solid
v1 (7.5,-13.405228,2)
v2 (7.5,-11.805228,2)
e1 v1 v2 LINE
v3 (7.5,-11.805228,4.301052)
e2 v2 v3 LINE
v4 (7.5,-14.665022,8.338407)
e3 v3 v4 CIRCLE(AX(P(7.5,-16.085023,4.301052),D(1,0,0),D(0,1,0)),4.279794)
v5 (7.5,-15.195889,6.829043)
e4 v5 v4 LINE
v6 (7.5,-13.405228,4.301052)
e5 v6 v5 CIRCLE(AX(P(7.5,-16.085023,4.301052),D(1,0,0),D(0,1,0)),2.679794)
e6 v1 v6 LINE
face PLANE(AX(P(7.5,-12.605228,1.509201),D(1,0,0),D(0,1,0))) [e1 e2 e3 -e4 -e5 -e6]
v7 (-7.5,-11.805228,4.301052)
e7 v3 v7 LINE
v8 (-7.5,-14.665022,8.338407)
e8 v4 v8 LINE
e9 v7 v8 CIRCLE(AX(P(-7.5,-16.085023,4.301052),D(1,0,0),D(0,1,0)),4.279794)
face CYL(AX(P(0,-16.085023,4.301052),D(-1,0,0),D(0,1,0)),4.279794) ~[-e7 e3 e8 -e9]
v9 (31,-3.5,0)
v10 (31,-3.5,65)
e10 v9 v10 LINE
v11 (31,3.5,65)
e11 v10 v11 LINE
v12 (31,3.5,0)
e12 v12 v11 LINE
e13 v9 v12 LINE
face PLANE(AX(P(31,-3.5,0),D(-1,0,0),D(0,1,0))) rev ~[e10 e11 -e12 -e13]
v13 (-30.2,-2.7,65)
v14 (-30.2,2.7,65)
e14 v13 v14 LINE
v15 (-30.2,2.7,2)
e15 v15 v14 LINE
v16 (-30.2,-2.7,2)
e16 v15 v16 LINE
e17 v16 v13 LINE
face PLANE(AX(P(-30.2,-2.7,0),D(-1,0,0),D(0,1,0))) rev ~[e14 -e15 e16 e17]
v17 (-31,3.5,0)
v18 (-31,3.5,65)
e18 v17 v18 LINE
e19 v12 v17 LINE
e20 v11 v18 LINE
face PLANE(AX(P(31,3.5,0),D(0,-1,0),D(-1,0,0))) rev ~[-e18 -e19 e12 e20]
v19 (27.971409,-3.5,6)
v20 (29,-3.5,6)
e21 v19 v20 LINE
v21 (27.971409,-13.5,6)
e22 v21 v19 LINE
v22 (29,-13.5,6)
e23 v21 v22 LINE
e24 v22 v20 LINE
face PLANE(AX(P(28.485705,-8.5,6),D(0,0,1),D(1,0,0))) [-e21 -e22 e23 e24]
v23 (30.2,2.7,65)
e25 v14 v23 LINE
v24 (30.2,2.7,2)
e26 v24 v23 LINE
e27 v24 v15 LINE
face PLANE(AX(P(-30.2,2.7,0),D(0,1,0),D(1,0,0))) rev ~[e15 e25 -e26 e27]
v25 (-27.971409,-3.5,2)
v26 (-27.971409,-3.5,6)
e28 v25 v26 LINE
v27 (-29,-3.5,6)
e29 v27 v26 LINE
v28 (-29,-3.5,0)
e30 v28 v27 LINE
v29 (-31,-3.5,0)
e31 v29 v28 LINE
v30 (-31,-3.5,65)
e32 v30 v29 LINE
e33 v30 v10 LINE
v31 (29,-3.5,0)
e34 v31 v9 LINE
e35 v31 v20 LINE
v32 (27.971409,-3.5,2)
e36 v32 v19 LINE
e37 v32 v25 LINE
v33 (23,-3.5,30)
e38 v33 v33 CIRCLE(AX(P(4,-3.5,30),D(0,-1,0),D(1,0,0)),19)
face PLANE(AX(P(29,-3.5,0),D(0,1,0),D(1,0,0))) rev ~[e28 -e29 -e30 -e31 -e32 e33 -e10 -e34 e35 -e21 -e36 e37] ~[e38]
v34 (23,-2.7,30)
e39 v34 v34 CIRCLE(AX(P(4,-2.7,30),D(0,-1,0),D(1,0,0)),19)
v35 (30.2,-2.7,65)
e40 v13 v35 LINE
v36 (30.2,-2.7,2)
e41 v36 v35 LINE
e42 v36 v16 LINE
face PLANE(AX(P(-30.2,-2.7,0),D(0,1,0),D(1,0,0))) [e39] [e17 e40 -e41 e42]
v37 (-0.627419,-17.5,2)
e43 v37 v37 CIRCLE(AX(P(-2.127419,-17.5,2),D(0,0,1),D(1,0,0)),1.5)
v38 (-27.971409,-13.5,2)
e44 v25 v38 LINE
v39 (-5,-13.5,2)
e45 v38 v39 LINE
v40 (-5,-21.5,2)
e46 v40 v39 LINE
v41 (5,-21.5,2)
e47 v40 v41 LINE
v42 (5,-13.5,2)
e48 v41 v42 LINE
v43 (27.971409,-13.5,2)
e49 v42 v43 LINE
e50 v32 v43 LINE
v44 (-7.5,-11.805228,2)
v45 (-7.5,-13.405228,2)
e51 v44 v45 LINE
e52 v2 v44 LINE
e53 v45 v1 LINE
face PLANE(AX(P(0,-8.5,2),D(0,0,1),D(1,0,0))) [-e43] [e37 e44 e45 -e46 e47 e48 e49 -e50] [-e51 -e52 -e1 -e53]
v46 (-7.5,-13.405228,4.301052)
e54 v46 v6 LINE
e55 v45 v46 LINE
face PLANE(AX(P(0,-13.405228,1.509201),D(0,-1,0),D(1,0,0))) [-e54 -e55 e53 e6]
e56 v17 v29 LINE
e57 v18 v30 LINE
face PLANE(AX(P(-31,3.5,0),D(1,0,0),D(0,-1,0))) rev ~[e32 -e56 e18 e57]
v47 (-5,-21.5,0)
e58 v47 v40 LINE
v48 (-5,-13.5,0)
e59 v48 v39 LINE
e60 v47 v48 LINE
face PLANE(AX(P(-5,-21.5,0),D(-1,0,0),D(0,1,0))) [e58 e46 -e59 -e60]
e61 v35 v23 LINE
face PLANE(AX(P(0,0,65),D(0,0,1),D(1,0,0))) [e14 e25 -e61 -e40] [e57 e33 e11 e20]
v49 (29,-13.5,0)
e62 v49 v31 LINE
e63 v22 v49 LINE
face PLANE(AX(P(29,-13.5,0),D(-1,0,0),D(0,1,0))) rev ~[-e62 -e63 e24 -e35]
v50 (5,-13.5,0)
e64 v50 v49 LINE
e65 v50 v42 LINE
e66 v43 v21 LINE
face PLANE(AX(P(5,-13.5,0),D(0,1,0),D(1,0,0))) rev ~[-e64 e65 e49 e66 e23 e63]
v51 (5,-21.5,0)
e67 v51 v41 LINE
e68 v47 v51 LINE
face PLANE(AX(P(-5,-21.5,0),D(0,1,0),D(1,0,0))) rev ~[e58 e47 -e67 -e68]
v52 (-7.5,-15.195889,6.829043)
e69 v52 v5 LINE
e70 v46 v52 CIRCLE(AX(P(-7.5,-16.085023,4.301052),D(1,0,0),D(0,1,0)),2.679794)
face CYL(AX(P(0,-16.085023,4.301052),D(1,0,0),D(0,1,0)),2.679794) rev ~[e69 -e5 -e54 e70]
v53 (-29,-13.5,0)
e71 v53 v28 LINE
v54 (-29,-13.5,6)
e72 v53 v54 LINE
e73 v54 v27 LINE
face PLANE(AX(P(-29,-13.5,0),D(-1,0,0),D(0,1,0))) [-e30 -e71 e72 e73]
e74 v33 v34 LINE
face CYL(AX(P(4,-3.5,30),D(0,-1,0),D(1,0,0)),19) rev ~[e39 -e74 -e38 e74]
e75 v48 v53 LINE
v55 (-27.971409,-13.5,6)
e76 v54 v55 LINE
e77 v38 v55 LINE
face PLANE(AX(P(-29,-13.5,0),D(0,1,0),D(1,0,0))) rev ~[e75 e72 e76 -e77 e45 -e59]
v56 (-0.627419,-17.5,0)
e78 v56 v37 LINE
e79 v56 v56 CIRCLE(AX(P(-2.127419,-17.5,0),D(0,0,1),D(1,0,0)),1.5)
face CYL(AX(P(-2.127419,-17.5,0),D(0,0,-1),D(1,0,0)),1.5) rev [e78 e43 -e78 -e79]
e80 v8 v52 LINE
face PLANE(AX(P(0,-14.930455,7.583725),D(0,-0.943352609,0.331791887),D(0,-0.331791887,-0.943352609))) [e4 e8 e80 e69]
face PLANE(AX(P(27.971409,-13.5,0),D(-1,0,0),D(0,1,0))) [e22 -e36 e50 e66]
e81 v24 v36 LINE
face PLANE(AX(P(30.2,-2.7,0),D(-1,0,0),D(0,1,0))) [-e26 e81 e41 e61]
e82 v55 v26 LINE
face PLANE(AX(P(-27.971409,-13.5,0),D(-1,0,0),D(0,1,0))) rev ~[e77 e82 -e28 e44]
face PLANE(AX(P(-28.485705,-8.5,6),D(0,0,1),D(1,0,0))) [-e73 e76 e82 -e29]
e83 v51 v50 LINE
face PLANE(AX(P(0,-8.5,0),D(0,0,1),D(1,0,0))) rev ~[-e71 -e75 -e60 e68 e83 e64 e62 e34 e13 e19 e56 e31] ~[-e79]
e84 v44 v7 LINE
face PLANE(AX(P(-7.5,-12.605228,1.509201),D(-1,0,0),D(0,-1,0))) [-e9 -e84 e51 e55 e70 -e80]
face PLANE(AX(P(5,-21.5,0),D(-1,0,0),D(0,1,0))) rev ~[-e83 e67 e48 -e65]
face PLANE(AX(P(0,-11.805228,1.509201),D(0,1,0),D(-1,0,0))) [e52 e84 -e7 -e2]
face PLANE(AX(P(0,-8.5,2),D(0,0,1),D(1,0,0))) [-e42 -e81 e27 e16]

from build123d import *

# Parameters (mm, degrees)
F0_W     = 60.4
F0_H     = 5.4
F0_W_2   = 10
F0_H_2   = 8
F0_R     = 1.5
F0_W_3   = 1.0285907388
F0_H_3   = 10
F1_DEPTH = 2
F2_DEPTH = 65
F3_R     = 19
F4_DEPTH = 2
F5_DEPTH = 6
F6_W     = 15
F6_H     = 1.6


with BuildPart() as f1:
    # F0 (on Top) → F1 (new body)
    with BuildSketch(Plane.XY):
        Polygon((27.9714092612, -13.5), (27.9714092612, -3.5), (-27.9714092612, -3.5), (-27.9714092612, -13.5), (-5, -13.5), (5, -13.5), align=None)
        Polygon((29, -3.5), (31, -3.5), (31, 3.5), (-31, 3.5), (-31, -3.5), (-29, -3.5), (-27.9714092612, -3.5), (27.9714092612, -3.5), align=None)
        Rectangle(F0_W, F0_H, mode=Mode.SUBTRACT)
        Rectangle(F0_W, F0_H)
        with Locations((0, -17.5)):
            Rectangle(F0_W_2, F0_H_2)
        with Locations((-2.1274185274, -17.5)):
            Circle(F0_R, mode=Mode.SUBTRACT)
        with Locations((-28.4857046306, -8.5)):
            Rectangle(F0_W_3, F0_H_3)
        with Locations((28.4857046306, -8.5)):
            Rectangle(F0_W_3, F0_H_3)
    extrude(amount=F1_DEPTH)

    # F0 (on Top) → F2 (join)
    with BuildSketch(Plane.XY):
        Polygon((29, -3.5), (31, -3.5), (31, 3.5), (-31, 3.5), (-31, -3.5), (-29, -3.5), (-27.9714092612, -3.5), (27.9714092612, -3.5), align=None)
        Rectangle(F0_W, F0_H, mode=Mode.SUBTRACT)
    extrude(amount=F2_DEPTH)

    # F3 (on face) → F4 (cut)
    with BuildSketch(Plane.XZ.offset(3.5)):
        with Locations((4, 30)):
            Circle(F3_R)
    extrude(amount=-F4_DEPTH, mode=Mode.SUBTRACT)

    # F0 (on Top) → F5 (join)
    with BuildSketch(Plane.XY):
        with Locations((28.4857046306, -8.5)):
            Rectangle(F0_W_3, F0_H_3)
        with Locations((-28.4857046306, -8.5)):
            Rectangle(F0_W_3, F0_H_3)
    extrude(amount=F5_DEPTH)

    # F8: sweep along a path in F7
    with BuildLine(Plane.YZ) as f8_path:
        Line((-13.6184291914, 1.5092007816), (-13.6184291914, 4.3010520749))
        ThreePointArc((-13.6184291914, 4.3010520749), (-14.0722220518, 5.726785993), (-15.2666270733, 6.627919618))
    # F6 (on face) → F8 (sweep)
    with BuildSketch(Plane.XY.offset(2)):
        with Locations((0, -12.6052284613)):
            Rectangle(F6_W, F6_H)
    sweep(path=f8_path.line)


solid = f1.part
